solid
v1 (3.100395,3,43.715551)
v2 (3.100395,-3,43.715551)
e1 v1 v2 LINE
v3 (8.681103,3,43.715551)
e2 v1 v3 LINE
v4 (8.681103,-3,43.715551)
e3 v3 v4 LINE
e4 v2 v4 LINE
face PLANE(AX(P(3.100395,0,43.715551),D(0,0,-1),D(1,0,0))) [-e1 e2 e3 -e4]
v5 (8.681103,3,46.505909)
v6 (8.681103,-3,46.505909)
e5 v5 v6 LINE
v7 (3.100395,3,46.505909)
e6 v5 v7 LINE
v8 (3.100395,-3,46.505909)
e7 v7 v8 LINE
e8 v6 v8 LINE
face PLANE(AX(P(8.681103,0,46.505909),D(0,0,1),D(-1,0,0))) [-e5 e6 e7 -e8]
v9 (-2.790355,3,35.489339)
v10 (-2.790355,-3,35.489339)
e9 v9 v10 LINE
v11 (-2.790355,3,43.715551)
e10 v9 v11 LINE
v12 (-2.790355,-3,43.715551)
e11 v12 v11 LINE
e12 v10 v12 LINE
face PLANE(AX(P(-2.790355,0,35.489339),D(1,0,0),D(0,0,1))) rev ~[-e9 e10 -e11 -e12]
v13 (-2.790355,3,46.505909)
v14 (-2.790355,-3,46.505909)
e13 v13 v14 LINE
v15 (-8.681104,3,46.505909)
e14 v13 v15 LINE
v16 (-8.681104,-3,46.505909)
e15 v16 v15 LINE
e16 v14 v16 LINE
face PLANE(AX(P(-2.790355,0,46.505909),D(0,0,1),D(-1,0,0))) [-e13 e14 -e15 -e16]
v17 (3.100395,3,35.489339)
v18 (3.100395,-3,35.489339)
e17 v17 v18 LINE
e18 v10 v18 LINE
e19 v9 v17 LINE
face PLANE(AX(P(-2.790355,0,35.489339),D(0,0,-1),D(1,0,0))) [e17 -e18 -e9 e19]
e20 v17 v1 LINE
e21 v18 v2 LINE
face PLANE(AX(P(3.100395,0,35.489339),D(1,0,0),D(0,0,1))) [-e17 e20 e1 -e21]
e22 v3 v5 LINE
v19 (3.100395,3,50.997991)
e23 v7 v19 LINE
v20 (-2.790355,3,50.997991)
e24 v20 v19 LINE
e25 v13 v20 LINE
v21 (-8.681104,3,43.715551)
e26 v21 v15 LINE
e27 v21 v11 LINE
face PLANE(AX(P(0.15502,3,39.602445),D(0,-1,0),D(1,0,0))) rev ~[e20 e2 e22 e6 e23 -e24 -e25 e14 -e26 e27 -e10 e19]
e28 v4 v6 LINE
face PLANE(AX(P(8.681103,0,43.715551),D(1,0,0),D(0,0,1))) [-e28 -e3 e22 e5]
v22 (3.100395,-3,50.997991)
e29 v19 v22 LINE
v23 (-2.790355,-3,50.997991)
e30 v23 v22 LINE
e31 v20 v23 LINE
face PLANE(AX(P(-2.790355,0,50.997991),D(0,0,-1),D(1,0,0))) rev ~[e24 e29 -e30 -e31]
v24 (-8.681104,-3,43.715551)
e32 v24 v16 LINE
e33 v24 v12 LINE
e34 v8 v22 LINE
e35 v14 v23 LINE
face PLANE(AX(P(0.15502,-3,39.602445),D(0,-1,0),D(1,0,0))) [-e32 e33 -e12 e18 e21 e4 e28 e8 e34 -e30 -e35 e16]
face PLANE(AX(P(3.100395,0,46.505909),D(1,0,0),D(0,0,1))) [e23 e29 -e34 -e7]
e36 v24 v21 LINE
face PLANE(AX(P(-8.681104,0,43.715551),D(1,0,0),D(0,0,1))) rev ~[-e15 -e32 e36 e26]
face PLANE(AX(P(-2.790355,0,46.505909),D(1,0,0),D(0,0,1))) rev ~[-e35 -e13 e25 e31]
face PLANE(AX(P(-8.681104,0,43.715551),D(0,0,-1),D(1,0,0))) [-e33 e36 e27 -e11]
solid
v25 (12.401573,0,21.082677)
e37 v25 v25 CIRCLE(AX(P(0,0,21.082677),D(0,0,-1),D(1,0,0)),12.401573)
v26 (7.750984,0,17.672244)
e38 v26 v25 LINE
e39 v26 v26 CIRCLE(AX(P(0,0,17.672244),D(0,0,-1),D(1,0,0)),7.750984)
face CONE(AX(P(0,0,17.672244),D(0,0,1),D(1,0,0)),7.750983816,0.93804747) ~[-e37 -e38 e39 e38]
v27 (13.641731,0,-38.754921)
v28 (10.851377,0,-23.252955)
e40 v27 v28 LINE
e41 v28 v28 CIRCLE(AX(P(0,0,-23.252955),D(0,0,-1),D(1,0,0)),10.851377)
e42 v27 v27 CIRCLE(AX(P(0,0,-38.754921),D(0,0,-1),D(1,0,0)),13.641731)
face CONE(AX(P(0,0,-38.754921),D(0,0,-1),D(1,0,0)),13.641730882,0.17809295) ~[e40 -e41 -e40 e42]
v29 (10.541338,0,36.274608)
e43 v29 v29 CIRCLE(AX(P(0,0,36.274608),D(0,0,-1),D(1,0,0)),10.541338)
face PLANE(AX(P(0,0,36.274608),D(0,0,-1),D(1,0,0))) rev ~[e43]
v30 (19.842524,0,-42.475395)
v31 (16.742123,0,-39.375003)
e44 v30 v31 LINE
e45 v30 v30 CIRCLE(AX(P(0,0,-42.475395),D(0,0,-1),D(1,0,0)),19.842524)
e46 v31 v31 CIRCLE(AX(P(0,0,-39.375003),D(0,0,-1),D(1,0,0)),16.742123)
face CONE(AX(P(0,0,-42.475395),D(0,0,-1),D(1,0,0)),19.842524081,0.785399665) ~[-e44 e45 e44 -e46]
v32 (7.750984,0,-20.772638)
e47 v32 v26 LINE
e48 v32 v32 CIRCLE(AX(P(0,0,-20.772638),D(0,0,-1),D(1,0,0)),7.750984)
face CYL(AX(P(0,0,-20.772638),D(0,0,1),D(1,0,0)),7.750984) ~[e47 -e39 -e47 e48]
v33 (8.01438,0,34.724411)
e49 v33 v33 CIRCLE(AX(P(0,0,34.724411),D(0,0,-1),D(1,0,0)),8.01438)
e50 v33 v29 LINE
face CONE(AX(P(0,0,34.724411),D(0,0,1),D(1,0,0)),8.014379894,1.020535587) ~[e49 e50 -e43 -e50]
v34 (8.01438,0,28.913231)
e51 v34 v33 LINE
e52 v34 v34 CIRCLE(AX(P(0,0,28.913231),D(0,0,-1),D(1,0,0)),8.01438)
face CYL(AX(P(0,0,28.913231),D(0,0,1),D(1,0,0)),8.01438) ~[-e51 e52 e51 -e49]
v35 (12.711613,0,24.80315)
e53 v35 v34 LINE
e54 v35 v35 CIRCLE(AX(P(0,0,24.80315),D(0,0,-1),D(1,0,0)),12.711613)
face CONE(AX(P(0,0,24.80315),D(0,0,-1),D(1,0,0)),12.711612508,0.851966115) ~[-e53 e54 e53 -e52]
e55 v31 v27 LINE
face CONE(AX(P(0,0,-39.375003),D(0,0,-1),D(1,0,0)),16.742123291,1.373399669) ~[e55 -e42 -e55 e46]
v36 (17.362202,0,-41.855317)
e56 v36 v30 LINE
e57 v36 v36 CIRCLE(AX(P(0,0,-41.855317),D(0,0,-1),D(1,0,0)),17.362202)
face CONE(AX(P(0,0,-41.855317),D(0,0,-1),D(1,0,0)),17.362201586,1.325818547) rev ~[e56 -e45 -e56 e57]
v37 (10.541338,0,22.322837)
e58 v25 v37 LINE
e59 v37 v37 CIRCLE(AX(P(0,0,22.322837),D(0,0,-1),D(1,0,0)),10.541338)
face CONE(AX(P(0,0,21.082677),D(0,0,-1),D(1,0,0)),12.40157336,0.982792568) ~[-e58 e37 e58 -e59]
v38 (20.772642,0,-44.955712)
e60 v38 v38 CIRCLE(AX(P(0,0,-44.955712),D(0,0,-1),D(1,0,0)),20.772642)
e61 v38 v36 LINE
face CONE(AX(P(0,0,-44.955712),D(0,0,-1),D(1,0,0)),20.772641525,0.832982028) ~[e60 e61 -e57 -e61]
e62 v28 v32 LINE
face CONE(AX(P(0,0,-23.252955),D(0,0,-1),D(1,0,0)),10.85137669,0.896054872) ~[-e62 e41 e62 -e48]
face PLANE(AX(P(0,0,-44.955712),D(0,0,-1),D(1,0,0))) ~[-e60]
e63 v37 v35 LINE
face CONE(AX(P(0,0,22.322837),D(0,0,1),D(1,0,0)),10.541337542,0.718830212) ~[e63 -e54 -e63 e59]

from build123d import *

# Parameters (mm, degrees)
F2_W          = 5.8907500934
F2_H          = 8.2262121141
F2_W_2        = 5.8907486964
F2_H_2        = 2.7903579175
F2_W_3        = 5.5807074532
F2_H_3        = 4.4920817018
F3_DEPTH      = 3
F3_DEPTH_BACK = 3


with BuildPart() as f1:
    # F0 (on Front) → F1 (revolve)
    with BuildSketch(Plane.XZ):
        Polygon((0, 36.2746082246), (0, -44.9557118118), (20.7726415247, -44.9557118118), (17.3622015864, -41.8553166091), (19.8425240815, -42.4753949046), (16.7421232909, -39.3750034273), (13.6417308822, -38.7549214065), (10.85137669, -23.2529547065), (7.7509838156, -20.7726377994), (7.7509838156, 17.6722444594), (12.40157336, 21.0826769471), (10.5413375422, 22.3228372633), (12.7116125077, 24.8031504452), (8.0143798943, 28.9132307457), (8.0143798943, 34.7244106233), (10.5413375422, 36.2746082246), align=None)
    revolve(axis=Axis((0, 0, -4.3405517936), (0, 0, -1)))


with BuildPart() as f3:
    # F2 (on Front) → F3 (new body, two sides)
    with BuildSketch(Plane.XZ) as f3_sk:
        with Locations((0.1550201559, 39.6024454385)):
            Rectangle(F2_W, F2_H)
        with Locations((-5.7357292389, 45.1107304543)):
            Rectangle(F2_W_2, F2_H_2)
        with Locations((0.1550201559, 45.1107304543)):
            Rectangle(F2_W, F2_H_2)
        with Locations((5.8907489292, 45.1107304543)):
            Rectangle(F2_W_3, F2_H_2)
        with Locations((0.1550201559, 48.751950264)):
            Rectangle(F2_W, F2_H_3)
    extrude(amount=F3_DEPTH)
    extrude(f3_sk.sketch, amount=-F3_DEPTH_BACK)


solid = Compound([f1.part, f3.part])
